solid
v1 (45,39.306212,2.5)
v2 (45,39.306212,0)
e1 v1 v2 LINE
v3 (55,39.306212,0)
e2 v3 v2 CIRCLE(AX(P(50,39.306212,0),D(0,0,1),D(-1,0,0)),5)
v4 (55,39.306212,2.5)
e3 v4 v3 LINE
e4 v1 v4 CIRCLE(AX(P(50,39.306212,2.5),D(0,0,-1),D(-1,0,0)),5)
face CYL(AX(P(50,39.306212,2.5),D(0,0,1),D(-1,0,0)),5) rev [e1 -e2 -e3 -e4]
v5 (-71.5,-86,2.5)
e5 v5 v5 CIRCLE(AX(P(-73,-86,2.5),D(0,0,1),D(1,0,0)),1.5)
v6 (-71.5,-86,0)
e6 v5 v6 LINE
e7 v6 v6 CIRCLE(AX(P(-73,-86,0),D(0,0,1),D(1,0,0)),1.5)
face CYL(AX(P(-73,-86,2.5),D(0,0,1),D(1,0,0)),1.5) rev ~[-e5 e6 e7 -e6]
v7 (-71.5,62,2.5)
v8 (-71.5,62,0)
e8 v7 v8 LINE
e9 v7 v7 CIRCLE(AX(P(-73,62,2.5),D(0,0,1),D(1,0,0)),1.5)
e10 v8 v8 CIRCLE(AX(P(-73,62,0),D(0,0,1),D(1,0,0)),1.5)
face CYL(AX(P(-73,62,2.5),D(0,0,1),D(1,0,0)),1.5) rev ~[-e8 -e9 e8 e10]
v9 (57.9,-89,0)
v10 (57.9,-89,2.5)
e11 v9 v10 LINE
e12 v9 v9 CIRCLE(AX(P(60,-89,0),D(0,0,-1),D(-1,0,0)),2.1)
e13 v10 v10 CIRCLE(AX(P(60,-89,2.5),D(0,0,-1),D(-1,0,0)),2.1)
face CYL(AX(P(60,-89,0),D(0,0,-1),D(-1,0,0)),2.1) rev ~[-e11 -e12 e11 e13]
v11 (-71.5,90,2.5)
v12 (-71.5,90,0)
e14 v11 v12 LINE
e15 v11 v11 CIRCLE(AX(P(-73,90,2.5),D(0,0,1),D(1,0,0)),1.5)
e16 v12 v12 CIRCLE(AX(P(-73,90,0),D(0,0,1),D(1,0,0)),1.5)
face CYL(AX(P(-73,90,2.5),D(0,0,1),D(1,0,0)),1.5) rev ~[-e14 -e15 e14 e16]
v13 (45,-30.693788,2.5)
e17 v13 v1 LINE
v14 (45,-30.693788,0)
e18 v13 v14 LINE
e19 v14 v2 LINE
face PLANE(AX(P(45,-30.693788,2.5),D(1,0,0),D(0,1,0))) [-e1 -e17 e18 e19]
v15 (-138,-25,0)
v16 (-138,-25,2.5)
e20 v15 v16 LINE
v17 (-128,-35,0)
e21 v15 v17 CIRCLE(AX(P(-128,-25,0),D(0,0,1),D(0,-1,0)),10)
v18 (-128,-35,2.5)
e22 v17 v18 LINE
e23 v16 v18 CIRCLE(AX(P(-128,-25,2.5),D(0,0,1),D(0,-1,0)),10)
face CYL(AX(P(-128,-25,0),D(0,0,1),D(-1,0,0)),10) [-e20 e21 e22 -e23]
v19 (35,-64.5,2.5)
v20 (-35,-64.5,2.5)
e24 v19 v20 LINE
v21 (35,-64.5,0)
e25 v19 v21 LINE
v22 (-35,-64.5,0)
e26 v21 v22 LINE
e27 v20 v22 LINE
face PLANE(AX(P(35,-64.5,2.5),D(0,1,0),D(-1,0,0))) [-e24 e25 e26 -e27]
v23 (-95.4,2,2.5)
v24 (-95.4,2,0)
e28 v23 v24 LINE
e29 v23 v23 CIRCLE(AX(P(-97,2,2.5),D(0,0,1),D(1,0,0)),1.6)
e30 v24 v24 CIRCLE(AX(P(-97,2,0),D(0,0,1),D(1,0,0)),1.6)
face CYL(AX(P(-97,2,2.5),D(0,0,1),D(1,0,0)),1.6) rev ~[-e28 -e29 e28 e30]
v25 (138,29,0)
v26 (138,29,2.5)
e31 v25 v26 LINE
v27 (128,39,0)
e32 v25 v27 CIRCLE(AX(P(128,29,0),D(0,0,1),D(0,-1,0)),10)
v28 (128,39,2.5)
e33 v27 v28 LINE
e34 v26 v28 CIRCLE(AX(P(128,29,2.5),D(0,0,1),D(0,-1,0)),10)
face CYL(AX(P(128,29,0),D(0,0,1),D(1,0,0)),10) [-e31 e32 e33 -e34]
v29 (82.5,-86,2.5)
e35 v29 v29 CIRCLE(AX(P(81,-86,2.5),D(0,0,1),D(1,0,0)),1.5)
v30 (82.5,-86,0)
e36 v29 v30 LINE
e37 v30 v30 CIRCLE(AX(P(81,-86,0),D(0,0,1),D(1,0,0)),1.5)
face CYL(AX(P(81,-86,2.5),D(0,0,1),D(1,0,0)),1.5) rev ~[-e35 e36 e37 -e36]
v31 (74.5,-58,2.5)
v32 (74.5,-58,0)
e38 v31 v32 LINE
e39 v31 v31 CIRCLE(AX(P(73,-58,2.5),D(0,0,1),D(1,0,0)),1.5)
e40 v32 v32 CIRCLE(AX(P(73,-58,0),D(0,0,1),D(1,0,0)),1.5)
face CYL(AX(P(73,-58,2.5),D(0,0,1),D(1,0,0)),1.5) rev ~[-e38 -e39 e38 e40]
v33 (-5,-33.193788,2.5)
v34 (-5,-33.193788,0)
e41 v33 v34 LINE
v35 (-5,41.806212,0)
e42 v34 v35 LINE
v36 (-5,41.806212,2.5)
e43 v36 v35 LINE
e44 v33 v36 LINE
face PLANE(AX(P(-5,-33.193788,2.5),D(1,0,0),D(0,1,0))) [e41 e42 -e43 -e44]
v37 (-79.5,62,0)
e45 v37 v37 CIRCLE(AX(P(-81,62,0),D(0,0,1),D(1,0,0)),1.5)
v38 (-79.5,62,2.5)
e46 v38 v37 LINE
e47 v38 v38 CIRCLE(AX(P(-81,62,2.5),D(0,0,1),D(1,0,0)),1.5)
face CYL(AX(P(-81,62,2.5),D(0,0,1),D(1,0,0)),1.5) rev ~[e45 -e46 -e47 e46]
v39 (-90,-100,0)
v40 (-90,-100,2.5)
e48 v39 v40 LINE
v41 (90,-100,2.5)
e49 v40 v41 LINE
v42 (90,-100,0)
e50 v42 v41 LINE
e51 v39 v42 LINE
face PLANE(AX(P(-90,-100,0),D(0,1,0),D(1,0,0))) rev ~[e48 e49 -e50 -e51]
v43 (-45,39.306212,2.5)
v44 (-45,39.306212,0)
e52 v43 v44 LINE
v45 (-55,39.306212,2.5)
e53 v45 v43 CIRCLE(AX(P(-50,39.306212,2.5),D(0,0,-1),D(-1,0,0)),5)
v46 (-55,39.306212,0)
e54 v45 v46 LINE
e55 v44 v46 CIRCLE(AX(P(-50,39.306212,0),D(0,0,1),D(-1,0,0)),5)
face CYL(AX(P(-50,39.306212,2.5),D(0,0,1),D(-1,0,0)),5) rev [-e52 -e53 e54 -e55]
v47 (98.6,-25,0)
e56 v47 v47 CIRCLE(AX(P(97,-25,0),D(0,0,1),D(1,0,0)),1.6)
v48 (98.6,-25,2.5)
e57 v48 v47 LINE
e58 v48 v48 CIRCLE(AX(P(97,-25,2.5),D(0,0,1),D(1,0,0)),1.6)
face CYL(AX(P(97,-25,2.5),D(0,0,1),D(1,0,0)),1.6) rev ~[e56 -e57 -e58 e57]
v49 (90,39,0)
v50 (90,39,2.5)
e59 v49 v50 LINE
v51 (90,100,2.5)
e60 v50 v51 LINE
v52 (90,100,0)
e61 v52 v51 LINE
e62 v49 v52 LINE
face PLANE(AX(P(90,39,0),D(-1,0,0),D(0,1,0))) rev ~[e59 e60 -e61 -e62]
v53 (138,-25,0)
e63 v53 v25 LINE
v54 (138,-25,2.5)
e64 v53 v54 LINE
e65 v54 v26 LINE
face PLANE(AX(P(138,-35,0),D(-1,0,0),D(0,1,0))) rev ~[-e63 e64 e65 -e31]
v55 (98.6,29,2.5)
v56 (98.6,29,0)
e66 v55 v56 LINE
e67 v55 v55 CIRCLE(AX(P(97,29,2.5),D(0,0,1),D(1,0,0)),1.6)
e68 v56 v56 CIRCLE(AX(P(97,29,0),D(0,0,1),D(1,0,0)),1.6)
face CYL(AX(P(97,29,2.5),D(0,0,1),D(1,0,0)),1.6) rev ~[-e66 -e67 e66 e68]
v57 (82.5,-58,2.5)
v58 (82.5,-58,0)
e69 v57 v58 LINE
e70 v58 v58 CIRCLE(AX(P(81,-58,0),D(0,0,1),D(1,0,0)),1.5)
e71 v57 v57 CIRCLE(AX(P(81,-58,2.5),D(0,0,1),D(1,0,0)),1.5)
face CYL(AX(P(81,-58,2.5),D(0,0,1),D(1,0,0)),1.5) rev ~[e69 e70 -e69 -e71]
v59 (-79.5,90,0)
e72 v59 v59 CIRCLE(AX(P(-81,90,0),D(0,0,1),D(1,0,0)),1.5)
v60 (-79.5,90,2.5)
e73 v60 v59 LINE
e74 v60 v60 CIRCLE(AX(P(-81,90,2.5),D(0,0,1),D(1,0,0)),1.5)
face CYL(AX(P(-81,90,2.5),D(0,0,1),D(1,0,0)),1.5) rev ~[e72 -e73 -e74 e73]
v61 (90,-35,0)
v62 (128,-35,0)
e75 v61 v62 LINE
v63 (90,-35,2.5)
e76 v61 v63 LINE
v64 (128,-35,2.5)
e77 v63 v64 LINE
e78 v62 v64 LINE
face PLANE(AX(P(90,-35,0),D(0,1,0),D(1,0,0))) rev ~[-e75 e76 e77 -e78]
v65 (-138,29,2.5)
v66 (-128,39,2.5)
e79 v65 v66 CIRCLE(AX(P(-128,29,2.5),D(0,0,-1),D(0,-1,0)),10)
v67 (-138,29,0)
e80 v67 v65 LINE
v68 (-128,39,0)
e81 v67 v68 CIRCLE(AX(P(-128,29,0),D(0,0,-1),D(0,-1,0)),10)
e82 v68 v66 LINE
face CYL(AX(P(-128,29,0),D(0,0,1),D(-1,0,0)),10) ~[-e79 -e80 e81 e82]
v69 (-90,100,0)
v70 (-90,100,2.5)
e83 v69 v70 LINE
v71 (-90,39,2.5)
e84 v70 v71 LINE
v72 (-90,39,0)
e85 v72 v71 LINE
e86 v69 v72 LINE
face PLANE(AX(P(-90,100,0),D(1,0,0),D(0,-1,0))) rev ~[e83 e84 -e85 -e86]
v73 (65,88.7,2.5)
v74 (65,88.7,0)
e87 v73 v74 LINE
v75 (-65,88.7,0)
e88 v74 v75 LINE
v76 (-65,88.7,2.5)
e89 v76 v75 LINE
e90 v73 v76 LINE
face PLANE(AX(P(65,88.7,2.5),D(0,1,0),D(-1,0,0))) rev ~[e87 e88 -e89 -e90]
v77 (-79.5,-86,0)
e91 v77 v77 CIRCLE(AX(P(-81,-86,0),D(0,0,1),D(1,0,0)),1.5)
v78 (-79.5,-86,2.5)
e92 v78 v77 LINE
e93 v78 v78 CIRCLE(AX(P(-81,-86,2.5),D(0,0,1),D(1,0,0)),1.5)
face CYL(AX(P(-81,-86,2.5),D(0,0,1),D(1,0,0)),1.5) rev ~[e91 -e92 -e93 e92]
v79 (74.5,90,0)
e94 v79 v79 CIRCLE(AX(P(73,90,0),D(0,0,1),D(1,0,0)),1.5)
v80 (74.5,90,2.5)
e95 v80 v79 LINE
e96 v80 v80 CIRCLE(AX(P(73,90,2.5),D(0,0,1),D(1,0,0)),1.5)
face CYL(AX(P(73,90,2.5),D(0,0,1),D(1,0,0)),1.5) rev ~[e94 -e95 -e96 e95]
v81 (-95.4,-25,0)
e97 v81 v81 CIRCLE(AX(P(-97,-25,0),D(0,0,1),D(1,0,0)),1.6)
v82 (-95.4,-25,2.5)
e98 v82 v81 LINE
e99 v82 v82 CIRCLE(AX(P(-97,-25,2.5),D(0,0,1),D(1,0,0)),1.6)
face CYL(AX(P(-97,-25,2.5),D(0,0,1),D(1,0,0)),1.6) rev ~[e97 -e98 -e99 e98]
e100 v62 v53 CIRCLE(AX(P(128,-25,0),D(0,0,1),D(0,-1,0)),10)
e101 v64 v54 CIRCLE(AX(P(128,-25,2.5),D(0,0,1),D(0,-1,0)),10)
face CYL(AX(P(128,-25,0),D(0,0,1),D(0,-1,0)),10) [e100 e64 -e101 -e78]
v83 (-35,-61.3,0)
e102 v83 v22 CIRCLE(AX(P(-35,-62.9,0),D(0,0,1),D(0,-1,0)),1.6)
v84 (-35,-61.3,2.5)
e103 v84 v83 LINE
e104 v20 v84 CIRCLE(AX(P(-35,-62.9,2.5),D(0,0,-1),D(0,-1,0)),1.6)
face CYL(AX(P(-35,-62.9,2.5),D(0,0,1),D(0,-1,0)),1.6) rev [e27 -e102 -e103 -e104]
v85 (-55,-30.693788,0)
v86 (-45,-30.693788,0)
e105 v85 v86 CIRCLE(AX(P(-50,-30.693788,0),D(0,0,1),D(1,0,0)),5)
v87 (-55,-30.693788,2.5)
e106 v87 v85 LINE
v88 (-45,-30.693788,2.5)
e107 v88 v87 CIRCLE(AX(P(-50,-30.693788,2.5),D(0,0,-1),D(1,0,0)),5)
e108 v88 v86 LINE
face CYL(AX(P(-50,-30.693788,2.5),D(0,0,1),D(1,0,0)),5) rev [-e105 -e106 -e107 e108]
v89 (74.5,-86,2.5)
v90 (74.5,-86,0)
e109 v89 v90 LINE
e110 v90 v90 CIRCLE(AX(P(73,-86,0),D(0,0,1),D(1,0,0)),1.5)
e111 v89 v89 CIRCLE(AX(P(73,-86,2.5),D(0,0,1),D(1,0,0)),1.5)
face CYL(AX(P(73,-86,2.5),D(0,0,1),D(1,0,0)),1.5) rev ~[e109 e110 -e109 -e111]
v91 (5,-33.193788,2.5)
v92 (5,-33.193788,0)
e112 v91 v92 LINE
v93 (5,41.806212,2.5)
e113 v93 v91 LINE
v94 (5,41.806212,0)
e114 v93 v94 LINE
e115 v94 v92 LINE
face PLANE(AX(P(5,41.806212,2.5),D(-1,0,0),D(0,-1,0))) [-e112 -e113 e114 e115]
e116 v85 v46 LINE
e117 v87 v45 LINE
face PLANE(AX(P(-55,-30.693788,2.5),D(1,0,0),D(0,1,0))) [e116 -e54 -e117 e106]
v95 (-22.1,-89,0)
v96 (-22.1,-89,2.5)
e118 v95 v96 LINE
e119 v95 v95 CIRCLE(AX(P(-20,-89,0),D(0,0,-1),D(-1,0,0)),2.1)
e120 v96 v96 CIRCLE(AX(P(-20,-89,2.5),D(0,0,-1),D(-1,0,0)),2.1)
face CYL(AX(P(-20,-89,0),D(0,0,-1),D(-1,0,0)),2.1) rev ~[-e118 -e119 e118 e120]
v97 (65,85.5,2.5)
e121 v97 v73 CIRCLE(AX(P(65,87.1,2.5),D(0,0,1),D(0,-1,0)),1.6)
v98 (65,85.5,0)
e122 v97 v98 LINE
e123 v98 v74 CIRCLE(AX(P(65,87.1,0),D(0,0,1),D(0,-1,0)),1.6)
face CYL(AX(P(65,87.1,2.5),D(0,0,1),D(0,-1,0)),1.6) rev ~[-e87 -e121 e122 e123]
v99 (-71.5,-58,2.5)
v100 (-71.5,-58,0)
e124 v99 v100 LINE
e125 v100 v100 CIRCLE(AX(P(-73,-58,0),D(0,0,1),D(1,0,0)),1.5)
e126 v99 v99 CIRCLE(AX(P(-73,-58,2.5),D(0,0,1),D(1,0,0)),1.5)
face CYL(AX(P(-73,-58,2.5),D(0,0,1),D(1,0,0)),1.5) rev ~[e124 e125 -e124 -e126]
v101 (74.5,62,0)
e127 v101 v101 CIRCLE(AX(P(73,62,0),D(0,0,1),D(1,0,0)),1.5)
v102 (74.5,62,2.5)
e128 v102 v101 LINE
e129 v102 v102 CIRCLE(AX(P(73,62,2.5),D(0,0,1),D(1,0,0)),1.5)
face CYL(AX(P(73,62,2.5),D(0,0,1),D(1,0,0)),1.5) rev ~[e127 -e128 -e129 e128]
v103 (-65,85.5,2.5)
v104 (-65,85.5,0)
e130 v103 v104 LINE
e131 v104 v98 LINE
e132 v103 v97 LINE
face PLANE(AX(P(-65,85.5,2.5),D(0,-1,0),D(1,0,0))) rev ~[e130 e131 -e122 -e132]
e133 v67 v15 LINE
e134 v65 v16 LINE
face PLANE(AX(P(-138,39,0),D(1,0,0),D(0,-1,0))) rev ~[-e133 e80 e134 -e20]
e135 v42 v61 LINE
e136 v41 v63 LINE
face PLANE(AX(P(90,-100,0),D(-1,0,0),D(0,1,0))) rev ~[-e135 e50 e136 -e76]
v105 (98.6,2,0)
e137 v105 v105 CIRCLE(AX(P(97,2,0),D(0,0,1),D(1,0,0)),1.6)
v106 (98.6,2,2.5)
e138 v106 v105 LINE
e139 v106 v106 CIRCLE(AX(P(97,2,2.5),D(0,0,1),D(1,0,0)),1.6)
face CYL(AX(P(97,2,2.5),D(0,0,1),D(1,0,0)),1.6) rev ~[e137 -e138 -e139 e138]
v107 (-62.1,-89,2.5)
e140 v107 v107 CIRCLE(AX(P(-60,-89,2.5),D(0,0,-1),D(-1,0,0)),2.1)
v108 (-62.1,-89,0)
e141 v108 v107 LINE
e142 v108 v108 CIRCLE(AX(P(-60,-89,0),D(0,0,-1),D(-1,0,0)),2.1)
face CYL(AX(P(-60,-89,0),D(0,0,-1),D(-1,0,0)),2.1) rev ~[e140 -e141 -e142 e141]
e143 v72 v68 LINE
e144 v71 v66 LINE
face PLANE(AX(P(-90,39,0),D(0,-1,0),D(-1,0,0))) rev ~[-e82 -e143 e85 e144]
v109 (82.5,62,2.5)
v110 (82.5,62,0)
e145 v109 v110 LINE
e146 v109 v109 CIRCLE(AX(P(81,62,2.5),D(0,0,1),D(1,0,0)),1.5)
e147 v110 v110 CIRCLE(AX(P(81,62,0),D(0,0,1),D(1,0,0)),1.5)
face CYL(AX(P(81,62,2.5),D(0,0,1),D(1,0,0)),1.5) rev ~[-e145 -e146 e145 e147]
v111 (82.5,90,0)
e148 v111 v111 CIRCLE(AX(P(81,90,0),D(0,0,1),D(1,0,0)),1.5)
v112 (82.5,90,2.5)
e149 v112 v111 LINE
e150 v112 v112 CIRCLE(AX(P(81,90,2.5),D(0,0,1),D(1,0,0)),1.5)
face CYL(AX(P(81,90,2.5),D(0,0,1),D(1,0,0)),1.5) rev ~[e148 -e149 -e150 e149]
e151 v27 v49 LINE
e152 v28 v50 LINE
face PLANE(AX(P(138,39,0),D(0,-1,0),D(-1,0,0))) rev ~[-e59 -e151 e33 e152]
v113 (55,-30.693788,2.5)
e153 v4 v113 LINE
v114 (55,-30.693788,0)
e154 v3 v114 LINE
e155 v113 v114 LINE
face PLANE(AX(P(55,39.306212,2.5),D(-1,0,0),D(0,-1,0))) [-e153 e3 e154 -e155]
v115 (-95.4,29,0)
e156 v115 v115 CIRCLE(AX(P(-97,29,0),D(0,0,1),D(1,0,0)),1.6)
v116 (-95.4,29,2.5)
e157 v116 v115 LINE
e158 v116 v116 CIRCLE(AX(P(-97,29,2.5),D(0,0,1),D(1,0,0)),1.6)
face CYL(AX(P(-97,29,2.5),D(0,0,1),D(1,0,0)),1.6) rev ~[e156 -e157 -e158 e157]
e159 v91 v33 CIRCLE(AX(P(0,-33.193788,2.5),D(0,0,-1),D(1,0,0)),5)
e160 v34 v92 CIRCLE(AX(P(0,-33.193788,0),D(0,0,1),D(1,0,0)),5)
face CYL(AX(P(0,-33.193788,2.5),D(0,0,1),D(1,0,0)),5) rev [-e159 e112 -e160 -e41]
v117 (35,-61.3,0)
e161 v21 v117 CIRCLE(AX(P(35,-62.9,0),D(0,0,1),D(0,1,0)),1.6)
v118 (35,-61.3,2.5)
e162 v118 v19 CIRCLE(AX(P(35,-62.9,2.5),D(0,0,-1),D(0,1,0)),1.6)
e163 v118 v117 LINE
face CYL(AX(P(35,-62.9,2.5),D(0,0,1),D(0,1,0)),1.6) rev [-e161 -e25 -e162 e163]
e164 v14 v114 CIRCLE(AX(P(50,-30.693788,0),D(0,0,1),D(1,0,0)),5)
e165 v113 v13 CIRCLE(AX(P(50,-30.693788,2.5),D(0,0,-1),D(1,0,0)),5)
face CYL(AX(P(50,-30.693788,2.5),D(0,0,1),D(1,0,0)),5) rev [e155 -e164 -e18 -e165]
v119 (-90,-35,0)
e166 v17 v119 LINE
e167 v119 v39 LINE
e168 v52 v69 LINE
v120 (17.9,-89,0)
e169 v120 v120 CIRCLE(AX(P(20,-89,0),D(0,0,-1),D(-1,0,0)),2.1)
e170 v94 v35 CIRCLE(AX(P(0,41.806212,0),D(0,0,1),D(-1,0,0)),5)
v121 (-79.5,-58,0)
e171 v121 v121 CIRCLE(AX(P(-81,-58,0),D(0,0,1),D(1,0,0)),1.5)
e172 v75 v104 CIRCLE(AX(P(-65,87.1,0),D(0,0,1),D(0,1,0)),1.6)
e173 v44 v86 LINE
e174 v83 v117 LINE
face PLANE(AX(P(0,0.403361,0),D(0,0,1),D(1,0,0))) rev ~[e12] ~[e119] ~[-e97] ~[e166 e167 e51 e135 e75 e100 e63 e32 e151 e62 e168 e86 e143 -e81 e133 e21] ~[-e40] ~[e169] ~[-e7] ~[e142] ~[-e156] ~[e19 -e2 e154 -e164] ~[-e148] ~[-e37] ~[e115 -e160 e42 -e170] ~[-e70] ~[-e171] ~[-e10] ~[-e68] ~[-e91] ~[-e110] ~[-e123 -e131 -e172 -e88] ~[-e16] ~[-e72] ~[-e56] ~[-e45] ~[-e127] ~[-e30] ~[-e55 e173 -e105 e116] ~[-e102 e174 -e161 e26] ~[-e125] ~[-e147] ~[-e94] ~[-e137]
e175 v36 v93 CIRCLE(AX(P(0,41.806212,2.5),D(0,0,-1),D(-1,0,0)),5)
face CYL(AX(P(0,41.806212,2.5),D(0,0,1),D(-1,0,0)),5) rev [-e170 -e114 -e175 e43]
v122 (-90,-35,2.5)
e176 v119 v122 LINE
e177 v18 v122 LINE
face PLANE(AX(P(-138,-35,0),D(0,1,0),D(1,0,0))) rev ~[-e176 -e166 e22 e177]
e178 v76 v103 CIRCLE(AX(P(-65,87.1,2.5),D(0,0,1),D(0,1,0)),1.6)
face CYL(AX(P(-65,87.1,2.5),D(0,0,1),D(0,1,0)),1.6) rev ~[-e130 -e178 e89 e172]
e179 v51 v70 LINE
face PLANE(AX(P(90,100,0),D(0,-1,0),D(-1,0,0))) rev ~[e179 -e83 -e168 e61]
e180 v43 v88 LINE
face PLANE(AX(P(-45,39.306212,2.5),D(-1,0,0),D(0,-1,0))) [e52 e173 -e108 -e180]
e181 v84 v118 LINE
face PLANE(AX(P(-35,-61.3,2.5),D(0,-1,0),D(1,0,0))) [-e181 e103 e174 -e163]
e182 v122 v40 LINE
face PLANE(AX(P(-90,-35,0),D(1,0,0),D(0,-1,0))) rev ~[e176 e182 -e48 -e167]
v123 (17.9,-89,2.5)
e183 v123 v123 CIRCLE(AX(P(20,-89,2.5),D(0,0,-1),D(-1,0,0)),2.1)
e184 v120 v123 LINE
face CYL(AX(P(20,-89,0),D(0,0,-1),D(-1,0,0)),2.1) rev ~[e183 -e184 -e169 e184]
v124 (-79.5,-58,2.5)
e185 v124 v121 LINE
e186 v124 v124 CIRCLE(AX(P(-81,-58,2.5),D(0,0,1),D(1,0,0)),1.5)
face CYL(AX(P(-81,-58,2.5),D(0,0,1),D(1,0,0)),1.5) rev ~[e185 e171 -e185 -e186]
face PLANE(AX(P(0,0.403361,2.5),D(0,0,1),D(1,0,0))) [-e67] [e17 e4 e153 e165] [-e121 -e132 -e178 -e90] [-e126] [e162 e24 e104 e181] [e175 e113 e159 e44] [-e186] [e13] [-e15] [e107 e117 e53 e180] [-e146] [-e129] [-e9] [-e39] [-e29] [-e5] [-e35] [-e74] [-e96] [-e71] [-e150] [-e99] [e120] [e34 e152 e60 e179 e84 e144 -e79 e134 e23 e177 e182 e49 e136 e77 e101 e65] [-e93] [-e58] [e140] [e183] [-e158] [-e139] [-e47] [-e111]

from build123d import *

# Parameters (mm, degrees)
EXTRUDE_1_DEPTH     = 2.5
CUT_EXTRUDE_1_DEPTH = 171.441338882
FILLET_1_R          = 10
FILLET_2_R          = 10
FILLET_3_R          = 10
FILLET_4_R          = 10
SKETCH_5_R          = 2.1
CUT_EXTRUDE_2_DEPTH = 171.441338882
SKETCH_6_R          = 1.5
CUT_EXTRUDE_3_DEPTH = 171.441338882
SKETCH_7_R          = 1.6
CUT_EXTRUDE_4_DEPTH = 171.441338882
CUT_EXTRUDE_5_DEPTH = 171.441338882
CUT_EXTRUDE_6_DEPTH = 171.441338882


with BuildPart() as part:
    # 草图1 → 凸台-拉伸1 (new body)
    with BuildSketch(Plane.XY):
        Polygon((-90, -35), (-90, -100), (90, -100), (90, -35), (138, -35), (138, 39), (90, 39), (90, 100), (-90, 100), (-90, 39), (-138, 39), (-138, -35), align=None)
    extrude(amount=EXTRUDE_1_DEPTH)

    # 草图4 → 切除-拉伸1 (cut, through all)
    with BuildSketch(Plane.XY.offset(2.5)):
        with BuildLine():
            Line((-45, 39.306212286), (-45, -30.693787714))
            ThreePointArc((-45, -30.693787714), (-50, -35.693787714), (-55, -30.693787714))
            Line((-55, -30.693787714), (-55, 39.306212286))
            ThreePointArc((-55, 39.306212286), (-50, 44.306212286), (-45, 39.306212286))
        make_face()
        with BuildLine():
            Line((5, 41.806212286), (5, -33.193787714))
            ThreePointArc((5, -33.193787714), (0, -38.193787714), (-5, -33.193787714))
            Line((-5, -33.193787714), (-5, 41.806212286))
            ThreePointArc((-5, 41.806212286), (0, 46.806212286), (5, 41.806212286))
        make_face()
        with BuildLine():
            Line((55, 39.306212286), (55, -30.693787714))
            ThreePointArc((55, -30.693787714), (50, -35.693787714), (45, -30.693787714))
            Line((45, -30.693787714), (45, 39.306212286))
            ThreePointArc((45, 39.306212286), (50, 44.306212286), (55, 39.306212286))
        make_face()
    extrude(amount=-CUT_EXTRUDE_1_DEPTH, mode=Mode.SUBTRACT)

    # 圆角1
    fillet_1_edges = [part.edges().sort_by_distance(p)[0] for p in [
        (-138, 39, 1.25),
    ]]
    fillet(fillet_1_edges, radius=FILLET_1_R)

    # 圆角2
    fillet_2_edges = [part.edges().sort_by_distance(p)[0] for p in [
        (-138, -35, 1.25),
    ]]
    fillet(fillet_2_edges, radius=FILLET_2_R)

    # 圆角3
    fillet_3_edges = [part.edges().sort_by_distance(p)[0] for p in [
        (138, -35, 1.25),
    ]]
    fillet(fillet_3_edges, radius=FILLET_3_R)

    # 圆角4
    fillet_4_edges = [part.edges().sort_by_distance(p)[0] for p in [
        (138, 39, 1.25),
    ]]
    fillet(fillet_4_edges, radius=FILLET_4_R)

    # 草图5 → 切除-拉伸2 (cut, through all)
    with BuildSketch(Plane(origin=(0, 0, 0), x_dir=(-1, 0, 0), z_dir=(0, 0, -1))):
        with Locations((-60, -89)):
            Circle(SKETCH_5_R)
        with Locations((-20, -89)):
            Circle(SKETCH_5_R)
        with Locations((20, -89)):
            Circle(SKETCH_5_R)
        with Locations((60, -89)):
            Circle(SKETCH_5_R)
    extrude(amount=-CUT_EXTRUDE_2_DEPTH, mode=Mode.SUBTRACT)

    # 草图6 → 切除-拉伸3 (cut, through all)
    with BuildSketch(Plane.XY.offset(2.5)):
        with Locations((-81, 90)):
            Circle(SKETCH_6_R)
        with Locations((-73, 90)):
            Circle(SKETCH_6_R)
        with Locations((-81, 62)):
            Circle(SKETCH_6_R)
        with Locations((-73, 62)):
            Circle(SKETCH_6_R)
        with Locations((73, 90)):
            Circle(SKETCH_6_R)
        with Locations((81, 90)):
            Circle(SKETCH_6_R)
        with Locations((73, 62)):
            Circle(SKETCH_6_R)
        with Locations((81, 62)):
            Circle(SKETCH_6_R)
        with Locations((-81, -58)):
            Circle(SKETCH_6_R)
        with Locations((-73, -58)):
            Circle(SKETCH_6_R)
        with Locations((-81, -86)):
            Circle(SKETCH_6_R)
        with Locations((-73, -86)):
            Circle(SKETCH_6_R)
        with Locations((73, -58)):
            Circle(SKETCH_6_R)
        with Locations((81, -58)):
            Circle(SKETCH_6_R)
        with Locations((73, -86)):
            Circle(SKETCH_6_R)
        with Locations((81, -86)):
            Circle(SKETCH_6_R)
    extrude(amount=-CUT_EXTRUDE_3_DEPTH, mode=Mode.SUBTRACT)

    # 草图7 → 切除-拉伸4 (cut, through all)
    with BuildSketch(Plane.XY.offset(2.5)):
        with Locations((-97, 29)):
            Circle(SKETCH_7_R)
        with Locations((-97, 2)):
            Circle(SKETCH_7_R)
        with Locations((-97, -25)):
            Circle(SKETCH_7_R)
        with Locations((97, 29)):
            Circle(SKETCH_7_R)
        with Locations((97, 2)):
            Circle(SKETCH_7_R)
        with Locations((97, -25)):
            Circle(SKETCH_7_R)
    extrude(amount=-CUT_EXTRUDE_4_DEPTH, mode=Mode.SUBTRACT)

    # 草图8 → 切除-拉伸5 (cut, through all)
    with BuildSketch(Plane.XY.offset(2.5)):
        with BuildLine():
            Line((-35, -61.3), (35, -61.3))
            ThreePointArc((35, -61.3), (36.6, -62.9), (35, -64.5))
            Line((35, -64.5), (-35, -64.5))
            ThreePointArc((-35, -64.5), (-36.6, -62.9), (-35, -61.3))
        make_face()
    extrude(amount=-CUT_EXTRUDE_5_DEPTH, mode=Mode.SUBTRACT)

    # 草图9 → 切除-拉伸6 (cut, through all)
    with BuildSketch(Plane.XY.offset(2.5)):
        with BuildLine():
            Line((65, 88.7), (-65, 88.7))
            ThreePointArc((-65, 88.7), (-66.6, 87.1), (-65, 85.5))
            Line((-65, 85.5), (65, 85.5))
            ThreePointArc((65, 85.5), (66.6, 87.1), (65, 88.7))
        make_face()
    extrude(amount=-CUT_EXTRUDE_6_DEPTH, mode=Mode.SUBTRACT)


solid = part.part
